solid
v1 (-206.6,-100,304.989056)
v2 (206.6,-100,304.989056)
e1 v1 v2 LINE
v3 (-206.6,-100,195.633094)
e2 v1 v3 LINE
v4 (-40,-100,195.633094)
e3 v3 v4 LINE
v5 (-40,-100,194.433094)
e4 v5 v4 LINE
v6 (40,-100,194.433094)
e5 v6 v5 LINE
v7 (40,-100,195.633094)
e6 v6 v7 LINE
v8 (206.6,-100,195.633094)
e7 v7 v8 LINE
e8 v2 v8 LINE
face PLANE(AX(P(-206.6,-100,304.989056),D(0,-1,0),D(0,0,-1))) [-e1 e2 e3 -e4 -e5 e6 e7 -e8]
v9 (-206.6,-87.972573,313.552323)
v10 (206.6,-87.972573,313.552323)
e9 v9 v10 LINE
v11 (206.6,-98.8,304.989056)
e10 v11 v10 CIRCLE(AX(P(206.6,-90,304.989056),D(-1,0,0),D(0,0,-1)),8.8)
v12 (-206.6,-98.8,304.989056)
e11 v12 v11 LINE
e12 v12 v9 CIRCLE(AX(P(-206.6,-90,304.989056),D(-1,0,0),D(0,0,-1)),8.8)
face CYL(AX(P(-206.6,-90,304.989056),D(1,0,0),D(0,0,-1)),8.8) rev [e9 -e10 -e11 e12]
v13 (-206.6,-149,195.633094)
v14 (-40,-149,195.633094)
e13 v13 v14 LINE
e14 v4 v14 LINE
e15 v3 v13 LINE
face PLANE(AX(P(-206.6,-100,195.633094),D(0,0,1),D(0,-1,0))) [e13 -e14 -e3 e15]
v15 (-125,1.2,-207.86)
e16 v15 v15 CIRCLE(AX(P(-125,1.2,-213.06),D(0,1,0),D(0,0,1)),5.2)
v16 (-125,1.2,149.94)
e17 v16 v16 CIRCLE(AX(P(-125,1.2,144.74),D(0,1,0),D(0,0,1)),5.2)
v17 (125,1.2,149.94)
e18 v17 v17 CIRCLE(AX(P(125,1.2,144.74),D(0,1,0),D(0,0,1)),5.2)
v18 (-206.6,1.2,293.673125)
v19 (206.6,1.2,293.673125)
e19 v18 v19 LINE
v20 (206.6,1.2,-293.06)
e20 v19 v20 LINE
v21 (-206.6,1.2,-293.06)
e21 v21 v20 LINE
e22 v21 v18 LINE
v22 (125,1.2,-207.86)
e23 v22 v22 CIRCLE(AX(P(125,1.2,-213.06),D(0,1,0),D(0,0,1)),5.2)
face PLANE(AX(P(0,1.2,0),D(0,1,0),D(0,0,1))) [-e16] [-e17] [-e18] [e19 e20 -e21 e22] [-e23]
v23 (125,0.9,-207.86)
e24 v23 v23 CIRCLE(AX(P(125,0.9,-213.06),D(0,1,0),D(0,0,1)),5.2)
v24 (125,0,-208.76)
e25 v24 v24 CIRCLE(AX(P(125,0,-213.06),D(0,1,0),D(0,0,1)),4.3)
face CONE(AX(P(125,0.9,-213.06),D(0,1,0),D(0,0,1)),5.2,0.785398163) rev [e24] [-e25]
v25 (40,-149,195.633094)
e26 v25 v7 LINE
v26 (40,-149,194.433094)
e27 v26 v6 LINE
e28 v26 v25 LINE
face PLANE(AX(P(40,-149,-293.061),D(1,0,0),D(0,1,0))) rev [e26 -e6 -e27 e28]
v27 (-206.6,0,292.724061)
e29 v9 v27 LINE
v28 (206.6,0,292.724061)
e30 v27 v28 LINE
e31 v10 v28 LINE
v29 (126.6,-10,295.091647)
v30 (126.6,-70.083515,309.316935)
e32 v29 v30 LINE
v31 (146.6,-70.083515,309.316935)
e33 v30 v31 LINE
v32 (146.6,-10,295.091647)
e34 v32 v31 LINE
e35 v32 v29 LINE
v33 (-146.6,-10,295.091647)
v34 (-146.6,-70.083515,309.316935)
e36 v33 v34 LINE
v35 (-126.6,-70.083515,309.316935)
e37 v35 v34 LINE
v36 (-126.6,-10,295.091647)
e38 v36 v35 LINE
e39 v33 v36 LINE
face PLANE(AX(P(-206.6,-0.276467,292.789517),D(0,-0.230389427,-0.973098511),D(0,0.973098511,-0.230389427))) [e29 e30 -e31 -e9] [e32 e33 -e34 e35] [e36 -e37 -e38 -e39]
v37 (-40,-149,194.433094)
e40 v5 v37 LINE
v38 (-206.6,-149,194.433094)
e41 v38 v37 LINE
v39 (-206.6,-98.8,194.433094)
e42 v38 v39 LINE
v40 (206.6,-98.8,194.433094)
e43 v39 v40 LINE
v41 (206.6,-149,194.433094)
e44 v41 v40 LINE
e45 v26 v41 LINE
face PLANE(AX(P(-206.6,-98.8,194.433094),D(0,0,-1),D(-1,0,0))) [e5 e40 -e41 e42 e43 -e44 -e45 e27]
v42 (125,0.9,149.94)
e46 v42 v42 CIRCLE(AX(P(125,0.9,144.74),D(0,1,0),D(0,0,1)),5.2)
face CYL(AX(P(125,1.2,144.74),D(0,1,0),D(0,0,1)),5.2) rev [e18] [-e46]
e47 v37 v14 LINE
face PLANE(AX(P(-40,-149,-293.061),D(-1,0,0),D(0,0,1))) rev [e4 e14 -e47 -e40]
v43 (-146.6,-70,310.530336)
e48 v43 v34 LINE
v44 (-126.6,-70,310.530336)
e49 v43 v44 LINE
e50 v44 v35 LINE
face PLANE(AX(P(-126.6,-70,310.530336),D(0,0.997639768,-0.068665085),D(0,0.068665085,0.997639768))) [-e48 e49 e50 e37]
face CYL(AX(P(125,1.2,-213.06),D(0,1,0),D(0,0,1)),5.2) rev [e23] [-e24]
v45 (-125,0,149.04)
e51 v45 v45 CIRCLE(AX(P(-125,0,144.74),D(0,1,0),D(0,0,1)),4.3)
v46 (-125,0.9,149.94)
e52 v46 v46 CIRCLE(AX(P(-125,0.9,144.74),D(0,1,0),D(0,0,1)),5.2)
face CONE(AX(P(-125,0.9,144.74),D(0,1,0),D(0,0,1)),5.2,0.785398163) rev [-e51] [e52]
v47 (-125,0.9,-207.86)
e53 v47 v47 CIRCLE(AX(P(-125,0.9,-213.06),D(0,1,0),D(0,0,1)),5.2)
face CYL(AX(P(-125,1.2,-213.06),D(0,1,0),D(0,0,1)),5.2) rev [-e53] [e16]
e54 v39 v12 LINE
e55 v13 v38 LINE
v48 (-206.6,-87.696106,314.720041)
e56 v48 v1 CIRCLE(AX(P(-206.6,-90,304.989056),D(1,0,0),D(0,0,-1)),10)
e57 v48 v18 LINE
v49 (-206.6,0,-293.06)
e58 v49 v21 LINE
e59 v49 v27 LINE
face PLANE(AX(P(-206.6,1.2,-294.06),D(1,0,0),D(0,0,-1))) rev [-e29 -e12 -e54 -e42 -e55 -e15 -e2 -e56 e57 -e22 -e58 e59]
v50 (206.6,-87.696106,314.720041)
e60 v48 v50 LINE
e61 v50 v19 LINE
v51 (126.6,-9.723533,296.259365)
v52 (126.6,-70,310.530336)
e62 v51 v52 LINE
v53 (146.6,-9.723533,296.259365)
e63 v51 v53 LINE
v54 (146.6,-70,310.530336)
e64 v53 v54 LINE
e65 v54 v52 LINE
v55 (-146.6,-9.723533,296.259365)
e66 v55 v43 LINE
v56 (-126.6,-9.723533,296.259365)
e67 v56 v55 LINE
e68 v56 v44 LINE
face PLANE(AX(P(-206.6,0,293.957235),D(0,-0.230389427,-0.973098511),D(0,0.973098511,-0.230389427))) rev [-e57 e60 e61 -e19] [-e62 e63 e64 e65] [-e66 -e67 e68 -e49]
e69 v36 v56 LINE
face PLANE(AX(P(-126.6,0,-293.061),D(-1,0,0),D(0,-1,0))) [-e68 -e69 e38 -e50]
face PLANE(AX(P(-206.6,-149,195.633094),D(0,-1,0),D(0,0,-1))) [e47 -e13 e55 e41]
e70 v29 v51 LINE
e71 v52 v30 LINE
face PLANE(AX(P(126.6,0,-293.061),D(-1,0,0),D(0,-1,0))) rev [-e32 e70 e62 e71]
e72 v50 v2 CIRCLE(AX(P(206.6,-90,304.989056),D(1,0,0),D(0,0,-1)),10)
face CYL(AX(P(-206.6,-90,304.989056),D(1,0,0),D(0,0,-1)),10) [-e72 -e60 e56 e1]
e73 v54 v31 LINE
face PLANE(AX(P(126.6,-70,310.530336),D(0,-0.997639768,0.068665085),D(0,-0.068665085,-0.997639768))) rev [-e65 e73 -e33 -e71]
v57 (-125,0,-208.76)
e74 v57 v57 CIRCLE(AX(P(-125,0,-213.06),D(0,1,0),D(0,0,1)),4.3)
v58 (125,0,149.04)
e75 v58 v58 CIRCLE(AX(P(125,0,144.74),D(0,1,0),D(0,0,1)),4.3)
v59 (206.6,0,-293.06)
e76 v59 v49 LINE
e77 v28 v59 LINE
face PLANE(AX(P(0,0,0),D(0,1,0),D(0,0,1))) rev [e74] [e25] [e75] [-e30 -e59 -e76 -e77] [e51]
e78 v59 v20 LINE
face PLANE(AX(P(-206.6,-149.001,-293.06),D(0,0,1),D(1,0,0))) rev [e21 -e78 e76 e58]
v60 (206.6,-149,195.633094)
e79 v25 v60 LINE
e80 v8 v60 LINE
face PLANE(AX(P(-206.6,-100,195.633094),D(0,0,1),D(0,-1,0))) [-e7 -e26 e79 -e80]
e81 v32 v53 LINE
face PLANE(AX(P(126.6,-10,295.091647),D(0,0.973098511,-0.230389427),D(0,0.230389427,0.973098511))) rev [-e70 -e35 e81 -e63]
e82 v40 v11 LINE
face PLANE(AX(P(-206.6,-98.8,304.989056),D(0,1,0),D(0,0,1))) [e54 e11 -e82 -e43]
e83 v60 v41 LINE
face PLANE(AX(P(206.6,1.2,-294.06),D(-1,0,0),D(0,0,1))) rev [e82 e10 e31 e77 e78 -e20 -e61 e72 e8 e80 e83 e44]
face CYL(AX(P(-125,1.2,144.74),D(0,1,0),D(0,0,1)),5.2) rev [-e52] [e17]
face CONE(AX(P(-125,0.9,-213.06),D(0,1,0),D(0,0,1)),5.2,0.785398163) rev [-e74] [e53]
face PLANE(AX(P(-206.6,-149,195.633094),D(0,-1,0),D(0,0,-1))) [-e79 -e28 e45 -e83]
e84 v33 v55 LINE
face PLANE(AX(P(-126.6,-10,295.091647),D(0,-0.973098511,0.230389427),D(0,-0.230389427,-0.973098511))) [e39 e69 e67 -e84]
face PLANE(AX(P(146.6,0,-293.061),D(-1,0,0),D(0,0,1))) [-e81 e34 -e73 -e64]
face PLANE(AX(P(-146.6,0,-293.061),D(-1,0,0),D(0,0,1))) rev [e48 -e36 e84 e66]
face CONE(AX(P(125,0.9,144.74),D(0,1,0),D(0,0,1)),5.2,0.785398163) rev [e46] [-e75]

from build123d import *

# Parameters (mm, degrees)
SKETCH_1_W                  = 413.2
SKETCH_1_H                  = 588.12
EXTRUDE_1_DEPTH             = 1.2
CUT_EXTRUDE_1_DEPTH         = 360.383198828
CUT_EXTRUDE_1_DEPTH_BACK    = 360.383198828
EXTRUDE_3_DEPTH             = 413.2
CUT_EXTRUDE_2_REACH         = 407.539
SKETCH_5_W                  = 413.2
SKETCH_5_H                  = 1
HOLE_WIZARD_M5_1_AT_2_COUNT = 2
HOLE_WIZARD_M5_1_AT_2_PITCH = 250
HOLE_WIZARD_M5_1_AT_3_COUNT = 2
HOLE_WIZARD_M5_1_AT_3_PITCH = 436.48692993
HOLE_WIZARD_M5_1_AT_4_COUNT = 2
HOLE_WIZARD_M5_1_AT_4_PITCH = 357.8
CUT_EXTRUDE_3_REACH         = 553.095
SKETCH_10_W                 = 80
SKETCH_10_H                 = 49
CUT_EXTRUDE_4_REACH         = 665.873
SKETCH_11_W                 = 20
SKETCH_11_H                 = 60
CUT_EXTRUDE_5_DEPTH         = 20


with BuildPart() as part:
    # 스케치1 → 보스-돌출1 (new body)
    with BuildSketch(Plane(origin=(0, 0, 0), x_dir=(1, 0, 0), z_dir=(0, 1, 0))):
        Rectangle(SKETCH_1_W, SKETCH_1_H)
    extrude(amount=EXTRUDE_1_DEPTH)

    # 스케치2 → 컷-돌출1 (cut, two sides: drawn at the far end of the back side and taken through both)
    with BuildSketch(Plane(origin=(0, 0, 0), x_dir=(0, 0, -1), z_dir=(1, 0, 0)).offset(-CUT_EXTRUDE_1_DEPTH_BACK)):
        Polygon((-293.957235481, 0), (-293.673125179, 1.2), (-294.06, 1.2), (-294.06, 0), align=None)
    extrude(amount=CUT_EXTRUDE_1_DEPTH + CUT_EXTRUDE_1_DEPTH_BACK, mode=Mode.SUBTRACT)

    # 스케치4 → 보스-돌출3 (add)
    with BuildSketch(Plane(origin=(206.6, 0, 0), x_dir=(0, 0, -1), z_dir=(1, 0, 0))):
        with BuildLine():
            Line((-293.957235481, 0), (-314.720041398, -87.696105733))
            ThreePointArc((-314.720041398, -87.696105733), (-312.832491208, -96.20326758), (-304.989056289, -100))
            Line((-304.989056289, -100), (-195.633093997, -100))
            Line((-195.633093997, -100), (-195.633093997, -149))
            Line((-195.633093997, -149), (-194.433093997, -149))
            Line((-194.433093997, -149), (-194.433093997, -98.8))
            Line((-194.433093997, -98.8), (-304.989056289, -98.8))
            ThreePointArc((-304.989056289, -98.8), (-311.891279018, -95.45887547), (-313.552323185, -87.972573045))
            Line((-313.552323185, -87.972573045), (-292.789517268, -0.276467312))
            Line((-292.789517268, -0.276467312), (-292.724061259, 0))
            Line((-292.724061259, 0), (-293.957235481, 0))
        make_face()
    extrude(amount=-EXTRUDE_3_DEPTH)

    # 스케치5 → 컷-돌출2 (cut, up to next)
    with BuildSketch(Plane(origin=(0, 1.2, 0), x_dir=(1, 0, 0), z_dir=(0, 1, 0)), mode=Mode.PRIVATE) as cut_extrude_2_sk1:
        with Locations((0, 293.56)):
            Rectangle(SKETCH_5_W, SKETCH_5_H)
    cut_extrude_2_tool1 = extrude(cut_extrude_2_sk1.sketch, amount=-CUT_EXTRUDE_2_REACH, mode=Mode.PRIVATE) & part.part
    add(cut_extrude_2_tool1.solids().sort_by_distance((0, 1.2, -293.56))[0], mode=Mode.SUBTRACT)

    # 스케치8 → M5 접시 머리 나사용 카운터싱크1 (revolve, cut)
    with BuildSketch(Plane(origin=(-125, 1.2, -213.06), x_dir=(0, 0, 1), z_dir=(1, 0, 0))):
        Polygon((0, 0), (0, 1.2), (2.75, 1.2), (2.75, 2.75), (5.2, 0.3), (5.2, 0), align=None)
    hole_wizard_m5_1 = revolve(axis=Axis((-125, 7.55, -213.06), (0, -1, 0)), mode=Mode.SUBTRACT)

    # M5 접시 머리 나사용 카운터싱크1 at 2: M5 접시 머리 나사용 카운터싱크1 ×2
    with Locations(*[(i * HOLE_WIZARD_M5_1_AT_2_PITCH, 0, 0) for i in range(1, HOLE_WIZARD_M5_1_AT_2_COUNT)]):
        add(hole_wizard_m5_1, mode=Mode.SUBTRACT)

    # M5 접시 머리 나사용 카운터싱크1 at 3: M5 접시 머리 나사용 카운터싱크1 ×2
    with Locations(*[Vector(0.5727548360724275, 0, 0.8197267213868575) * (i * HOLE_WIZARD_M5_1_AT_3_PITCH) for i in range(1, HOLE_WIZARD_M5_1_AT_3_COUNT)]):
        add(hole_wizard_m5_1, mode=Mode.SUBTRACT)

    # M5 접시 머리 나사용 카운터싱크1 at 4: M5 접시 머리 나사용 카운터싱크1 ×2
    with Locations(*[(0, 0, i * HOLE_WIZARD_M5_1_AT_4_PITCH) for i in range(1, HOLE_WIZARD_M5_1_AT_4_COUNT)]):
        add(hole_wizard_m5_1, mode=Mode.SUBTRACT)

    # 스케치10 → 컷-돌출3 (cut, up to next)
    with BuildSketch(Plane.XY.offset(195.633093997), mode=Mode.PRIVATE) as cut_extrude_3_sk1:
        with Locations((0, -124.5)):
            Rectangle(SKETCH_10_W, SKETCH_10_H)
    cut_extrude_3_tool1 = extrude(cut_extrude_3_sk1.sketch, amount=-CUT_EXTRUDE_3_REACH, mode=Mode.PRIVATE) & part.part
    add(cut_extrude_3_tool1.solids().sort_by_distance((0, -124.5, 195.633094))[0], mode=Mode.SUBTRACT)

    # 컷-돌출4: up to this plane
    cut_extrude_4_end = Plane(origin=(-206.6, -0.276467312, 292.789517268), z_dir=(0, -0.2303894266765572, -0.9730985109821345))
    # 스케치11 → 컷-돌출4 (cut, up to the surface)
    with BuildSketch(Plane.XY.offset(320), mode=Mode.PRIVATE) as cut_extrude_4_sk1:
        with Locations((-136.6, -40)):
            Rectangle(SKETCH_11_W, SKETCH_11_H)
    cut_extrude_4_tool1 = split(extrude(cut_extrude_4_sk1.sketch, amount=-CUT_EXTRUDE_4_REACH, mode=Mode.PRIVATE), bisect_by=cut_extrude_4_end, keep=Keep.BOTH, mode=Mode.PRIVATE)
    add(cut_extrude_4_tool1.solids().sort_by_distance((-136.6, -40, 320))[0], mode=Mode.SUBTRACT)
    # 스케치11 → 컷-돌출4 (cut, up to the surface)
    with BuildSketch(Plane.XY.offset(320), mode=Mode.PRIVATE) as cut_extrude_4_sk2:
        with Locations((136.6, -40)):
            Rectangle(SKETCH_11_W, SKETCH_11_H)
    cut_extrude_4_tool2 = split(extrude(cut_extrude_4_sk2.sketch, amount=-CUT_EXTRUDE_4_REACH, mode=Mode.PRIVATE), bisect_by=cut_extrude_4_end, keep=Keep.BOTH, mode=Mode.PRIVATE)
    add(cut_extrude_4_tool2.solids().sort_by_distance((136.6, -40, 320))[0], mode=Mode.SUBTRACT)

    # 스케치12 → 컷-돌출5 (cut)
    with BuildSketch(Plane(origin=(-146.6, 0, 0), x_dir=(0, 0, -1), z_dir=(1, 0, 0))):
        Polygon((-295.09164711, -10), (-296.259365323, -9.723532688), (-296.324821333, -10), (-310.530336442, -70), (-309.316935211, -70.083515414), (-309.297162219, -70), align=None)
    cut_extrude_5 = extrude(amount=CUT_EXTRUDE_5_DEPTH, mode=Mode.SUBTRACT)

    # 대칭 복사2: 컷-돌출5 across plane
    add(cut_extrude_5.mirror(Plane(origin=(0, 0, 0), x_dir=(0, 0, 1), z_dir=(1, 0, 0))), mode=Mode.SUBTRACT)


solid = part.part
